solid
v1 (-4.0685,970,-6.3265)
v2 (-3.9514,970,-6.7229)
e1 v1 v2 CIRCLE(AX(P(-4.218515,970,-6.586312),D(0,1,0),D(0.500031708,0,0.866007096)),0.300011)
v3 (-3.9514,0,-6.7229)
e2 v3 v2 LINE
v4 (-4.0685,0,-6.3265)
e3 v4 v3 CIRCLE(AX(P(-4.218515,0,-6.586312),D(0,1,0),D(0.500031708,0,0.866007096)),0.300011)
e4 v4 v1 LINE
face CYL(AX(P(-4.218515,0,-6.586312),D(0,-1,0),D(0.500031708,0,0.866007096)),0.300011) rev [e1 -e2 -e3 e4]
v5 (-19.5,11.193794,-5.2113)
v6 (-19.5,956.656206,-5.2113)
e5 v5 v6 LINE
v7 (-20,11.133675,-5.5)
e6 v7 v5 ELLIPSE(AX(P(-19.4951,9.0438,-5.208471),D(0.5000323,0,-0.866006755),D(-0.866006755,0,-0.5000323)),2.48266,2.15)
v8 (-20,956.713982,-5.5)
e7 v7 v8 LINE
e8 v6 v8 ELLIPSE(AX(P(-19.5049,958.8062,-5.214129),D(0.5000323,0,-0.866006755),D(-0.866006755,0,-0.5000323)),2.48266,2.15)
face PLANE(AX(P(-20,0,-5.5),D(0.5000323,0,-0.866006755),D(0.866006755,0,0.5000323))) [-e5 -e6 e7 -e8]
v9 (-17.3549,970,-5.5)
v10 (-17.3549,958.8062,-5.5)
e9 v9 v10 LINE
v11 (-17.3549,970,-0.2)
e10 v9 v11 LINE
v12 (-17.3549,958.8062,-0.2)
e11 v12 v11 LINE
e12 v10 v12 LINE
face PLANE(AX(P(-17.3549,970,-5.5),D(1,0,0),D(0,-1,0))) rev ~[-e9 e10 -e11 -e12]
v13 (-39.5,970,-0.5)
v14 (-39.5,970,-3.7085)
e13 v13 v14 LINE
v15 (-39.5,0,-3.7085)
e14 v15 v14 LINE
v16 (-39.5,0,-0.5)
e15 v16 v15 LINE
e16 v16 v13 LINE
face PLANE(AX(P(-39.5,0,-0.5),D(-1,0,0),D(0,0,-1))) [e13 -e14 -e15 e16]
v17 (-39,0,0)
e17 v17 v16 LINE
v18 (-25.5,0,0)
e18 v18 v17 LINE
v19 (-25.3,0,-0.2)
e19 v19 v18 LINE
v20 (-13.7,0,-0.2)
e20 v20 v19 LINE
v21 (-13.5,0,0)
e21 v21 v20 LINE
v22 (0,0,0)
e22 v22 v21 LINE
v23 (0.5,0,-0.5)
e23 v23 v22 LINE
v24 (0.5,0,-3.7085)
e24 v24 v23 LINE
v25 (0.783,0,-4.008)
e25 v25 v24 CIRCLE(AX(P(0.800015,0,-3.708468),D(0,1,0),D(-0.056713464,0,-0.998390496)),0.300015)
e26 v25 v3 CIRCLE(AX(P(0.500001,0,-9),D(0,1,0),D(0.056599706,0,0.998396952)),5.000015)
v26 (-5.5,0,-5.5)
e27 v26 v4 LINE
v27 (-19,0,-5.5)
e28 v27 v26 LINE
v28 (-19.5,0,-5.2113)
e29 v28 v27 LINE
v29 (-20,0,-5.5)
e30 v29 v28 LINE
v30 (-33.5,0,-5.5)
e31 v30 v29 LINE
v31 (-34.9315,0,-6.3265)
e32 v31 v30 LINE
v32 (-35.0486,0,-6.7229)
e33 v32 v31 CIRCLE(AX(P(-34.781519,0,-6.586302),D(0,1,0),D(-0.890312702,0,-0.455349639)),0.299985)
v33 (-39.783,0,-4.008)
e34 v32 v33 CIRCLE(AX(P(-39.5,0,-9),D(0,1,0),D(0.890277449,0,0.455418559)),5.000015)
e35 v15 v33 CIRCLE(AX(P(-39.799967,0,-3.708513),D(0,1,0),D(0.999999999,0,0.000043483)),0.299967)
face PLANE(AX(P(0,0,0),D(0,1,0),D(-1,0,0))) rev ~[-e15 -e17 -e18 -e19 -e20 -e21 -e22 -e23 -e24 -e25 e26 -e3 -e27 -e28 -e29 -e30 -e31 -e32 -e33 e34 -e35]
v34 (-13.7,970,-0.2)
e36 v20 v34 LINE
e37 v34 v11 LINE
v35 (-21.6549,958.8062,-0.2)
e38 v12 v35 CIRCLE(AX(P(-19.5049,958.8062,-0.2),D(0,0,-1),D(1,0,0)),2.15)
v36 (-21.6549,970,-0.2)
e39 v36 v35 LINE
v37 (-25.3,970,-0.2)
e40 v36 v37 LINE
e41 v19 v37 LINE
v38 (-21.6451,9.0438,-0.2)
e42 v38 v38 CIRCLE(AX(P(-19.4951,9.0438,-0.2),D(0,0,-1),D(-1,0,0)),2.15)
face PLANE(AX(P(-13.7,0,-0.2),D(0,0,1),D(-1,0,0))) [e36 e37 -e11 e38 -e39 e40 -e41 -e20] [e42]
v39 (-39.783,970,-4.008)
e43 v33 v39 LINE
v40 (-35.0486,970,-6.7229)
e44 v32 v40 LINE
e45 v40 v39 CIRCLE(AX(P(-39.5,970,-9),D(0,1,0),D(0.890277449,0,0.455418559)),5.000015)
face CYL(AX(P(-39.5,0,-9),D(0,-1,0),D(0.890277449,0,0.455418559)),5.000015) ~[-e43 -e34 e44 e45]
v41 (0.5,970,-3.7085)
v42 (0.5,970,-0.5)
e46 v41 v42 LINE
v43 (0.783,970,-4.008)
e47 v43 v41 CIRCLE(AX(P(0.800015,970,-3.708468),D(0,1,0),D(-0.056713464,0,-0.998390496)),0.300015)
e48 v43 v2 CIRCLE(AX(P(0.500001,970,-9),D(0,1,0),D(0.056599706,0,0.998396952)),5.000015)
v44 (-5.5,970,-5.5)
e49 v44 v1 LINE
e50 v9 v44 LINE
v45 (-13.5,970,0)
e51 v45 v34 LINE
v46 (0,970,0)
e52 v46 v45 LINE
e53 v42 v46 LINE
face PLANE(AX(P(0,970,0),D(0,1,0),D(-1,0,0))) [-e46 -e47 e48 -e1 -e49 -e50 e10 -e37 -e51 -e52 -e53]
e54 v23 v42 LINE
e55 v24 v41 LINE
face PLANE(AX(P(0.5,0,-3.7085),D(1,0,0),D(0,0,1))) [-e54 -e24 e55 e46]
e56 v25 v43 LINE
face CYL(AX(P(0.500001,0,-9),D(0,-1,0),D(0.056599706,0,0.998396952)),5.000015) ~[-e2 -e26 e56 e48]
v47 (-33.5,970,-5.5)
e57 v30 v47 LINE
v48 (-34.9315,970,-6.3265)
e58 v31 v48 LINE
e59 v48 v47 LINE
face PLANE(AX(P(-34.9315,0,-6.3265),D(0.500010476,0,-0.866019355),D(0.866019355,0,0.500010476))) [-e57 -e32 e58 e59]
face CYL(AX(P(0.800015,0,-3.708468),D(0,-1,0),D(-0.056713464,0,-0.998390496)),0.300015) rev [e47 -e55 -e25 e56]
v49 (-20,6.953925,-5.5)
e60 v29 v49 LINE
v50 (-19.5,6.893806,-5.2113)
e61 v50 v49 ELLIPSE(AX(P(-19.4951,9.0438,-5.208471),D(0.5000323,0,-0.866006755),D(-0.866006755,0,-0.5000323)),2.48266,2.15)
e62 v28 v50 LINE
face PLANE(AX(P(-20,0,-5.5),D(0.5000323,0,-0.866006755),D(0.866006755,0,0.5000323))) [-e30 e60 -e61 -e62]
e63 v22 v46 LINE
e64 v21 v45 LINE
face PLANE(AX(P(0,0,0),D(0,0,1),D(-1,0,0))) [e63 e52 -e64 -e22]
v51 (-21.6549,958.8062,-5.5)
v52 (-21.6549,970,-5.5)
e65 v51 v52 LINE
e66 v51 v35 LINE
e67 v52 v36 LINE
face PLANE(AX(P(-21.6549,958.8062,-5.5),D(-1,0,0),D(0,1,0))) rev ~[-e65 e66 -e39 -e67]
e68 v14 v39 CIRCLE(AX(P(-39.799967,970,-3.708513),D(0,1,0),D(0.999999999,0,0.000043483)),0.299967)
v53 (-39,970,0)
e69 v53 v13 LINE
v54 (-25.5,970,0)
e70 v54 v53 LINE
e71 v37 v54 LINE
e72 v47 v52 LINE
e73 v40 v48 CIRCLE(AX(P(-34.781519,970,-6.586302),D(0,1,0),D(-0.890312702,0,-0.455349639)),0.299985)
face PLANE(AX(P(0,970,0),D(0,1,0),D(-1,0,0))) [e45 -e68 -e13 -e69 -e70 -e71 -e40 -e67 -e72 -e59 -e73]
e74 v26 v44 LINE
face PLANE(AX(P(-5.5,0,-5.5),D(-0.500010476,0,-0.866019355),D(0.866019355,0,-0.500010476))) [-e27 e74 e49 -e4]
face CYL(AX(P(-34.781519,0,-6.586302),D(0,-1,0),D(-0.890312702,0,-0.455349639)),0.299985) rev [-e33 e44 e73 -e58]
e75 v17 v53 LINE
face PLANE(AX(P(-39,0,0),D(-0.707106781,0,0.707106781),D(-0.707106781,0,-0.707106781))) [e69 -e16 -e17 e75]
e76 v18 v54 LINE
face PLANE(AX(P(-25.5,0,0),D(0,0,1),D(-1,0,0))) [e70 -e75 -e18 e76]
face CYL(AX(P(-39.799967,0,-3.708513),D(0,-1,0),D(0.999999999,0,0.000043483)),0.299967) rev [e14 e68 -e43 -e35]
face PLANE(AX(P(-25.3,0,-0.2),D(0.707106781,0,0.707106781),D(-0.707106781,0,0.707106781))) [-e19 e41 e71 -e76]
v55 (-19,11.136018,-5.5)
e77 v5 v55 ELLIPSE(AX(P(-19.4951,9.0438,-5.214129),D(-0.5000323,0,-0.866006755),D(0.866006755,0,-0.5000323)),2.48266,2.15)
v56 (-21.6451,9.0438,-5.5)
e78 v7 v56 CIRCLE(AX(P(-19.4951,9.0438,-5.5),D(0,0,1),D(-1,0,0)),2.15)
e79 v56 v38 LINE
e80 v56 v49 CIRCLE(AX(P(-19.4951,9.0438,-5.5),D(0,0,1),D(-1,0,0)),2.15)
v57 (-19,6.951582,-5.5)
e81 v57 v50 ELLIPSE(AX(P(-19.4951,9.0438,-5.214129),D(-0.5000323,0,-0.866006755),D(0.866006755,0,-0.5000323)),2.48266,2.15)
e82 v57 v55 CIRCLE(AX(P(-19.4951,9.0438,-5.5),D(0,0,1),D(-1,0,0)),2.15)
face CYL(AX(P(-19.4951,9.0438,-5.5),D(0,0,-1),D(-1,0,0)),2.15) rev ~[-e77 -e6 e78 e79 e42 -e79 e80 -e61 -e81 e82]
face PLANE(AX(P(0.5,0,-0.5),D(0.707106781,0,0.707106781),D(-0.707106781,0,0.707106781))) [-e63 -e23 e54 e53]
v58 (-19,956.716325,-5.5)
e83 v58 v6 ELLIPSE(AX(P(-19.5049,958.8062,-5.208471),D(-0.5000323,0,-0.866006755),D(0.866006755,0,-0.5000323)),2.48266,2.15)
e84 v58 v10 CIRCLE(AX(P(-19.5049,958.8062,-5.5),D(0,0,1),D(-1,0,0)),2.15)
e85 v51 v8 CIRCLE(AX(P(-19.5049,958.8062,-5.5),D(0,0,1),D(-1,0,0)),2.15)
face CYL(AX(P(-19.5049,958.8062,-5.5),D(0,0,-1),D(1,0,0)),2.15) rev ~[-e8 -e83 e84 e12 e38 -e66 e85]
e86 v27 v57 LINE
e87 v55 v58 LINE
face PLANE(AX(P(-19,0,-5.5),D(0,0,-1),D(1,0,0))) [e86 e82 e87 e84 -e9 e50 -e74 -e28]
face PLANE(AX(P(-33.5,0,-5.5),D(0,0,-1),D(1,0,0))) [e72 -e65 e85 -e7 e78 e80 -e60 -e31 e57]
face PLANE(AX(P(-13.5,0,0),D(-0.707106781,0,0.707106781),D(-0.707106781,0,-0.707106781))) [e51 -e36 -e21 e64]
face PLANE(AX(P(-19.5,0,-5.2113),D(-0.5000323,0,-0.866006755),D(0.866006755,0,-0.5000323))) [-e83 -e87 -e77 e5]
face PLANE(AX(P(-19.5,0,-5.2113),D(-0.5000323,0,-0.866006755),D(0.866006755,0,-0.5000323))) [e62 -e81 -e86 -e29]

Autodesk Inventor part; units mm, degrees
ref_plane "YZ Plane" through (0, 0, 0) normal (1, 0, 0) x (0, 1, 0)
ref_plane "XZ Plane" through (0, 0, 0) normal (0, 1, 0) x (-1, 0, 0)
ref_plane "XY Plane" through (0, 0, 0) normal (0, 0, 1) x (1, 0, 0)
sketch "Skizze1" plane through (0, 0, 0) normal (0, 1, 0) x (-1, 0, 0)
  line L0 (13.7, -0.2) -> (25.3, -0.2)
  line L1 (13.5, 0) -> (13.7, -0.2)
  line L2 (0, 0) -> (13.5, 0)
  line L3 (-0.5, -0.5) -> (0, 0)
  line L4 (-0.5, -3.7085) -> (-0.5, -0.5)
  arc A0 (-0.783, -4.008) -> (-0.5, -3.7085) centre (-0.8, -3.7085) ccw
  arc A1 (-0.783, -4.008) -> (3.9514, -6.7229) centre (-0.5, -9) ccw
  arc A2 (4.0685, -6.3265) -> (3.9514, -6.7229) centre (4.2185, -6.5863) ccw
  line L5 (5.5, -5.5) -> (4.0685, -6.3265)
  line L6 (19, -5.5) -> (5.5, -5.5)
  line L7 (19.5, -5.2113) -> (19, -5.5)
  line L8 (20, -5.5) -> (19.5, -5.2113)
  line L9 (33.5, -5.5) -> (20, -5.5)
  line L10 (34.9315, -6.3265) -> (33.5, -5.5)
  arc A3 (35.0486, -6.7229) -> (34.9315, -6.3265) centre (34.7815, -6.5863) ccw
  arc A4 (35.0486, -6.7229) -> (39.783, -4.008) centre (39.5, -9) ccw
  arc A5 (39.5, -3.7085) -> (39.783, -4.008) centre (39.8, -3.7085) ccw
  line L11 (39.5, -0.5) -> (39.5, -3.7085)
  line L12 (39, 0) -> (39.5, -0.5)
  line L13 (25.5, 0) -> (39, 0)
  line L14 (25.3, -0.2) -> (25.5, 0)
  point P0 (19.5, 0)
extrude "Extrusion1" add sketch "Skizze1" along normal blind 970
sketch "Skizze2" plane through (-19, 0, -5.5) normal (0, 0, -1) x (-1, 0, 0)
  circle A0 centre (0.4951, 9.0438) radius 2.15 projected
  circle A1 centre (0.5049, 960.9562) radius 2.15 construction
  line L0 (0.5049, 958.8062) -> (0.5049, 970) construction
  line L1 (0, 0) -> (0, 970) projected
  line L2 (2.6549, 958.8062) -> (2.6549, 970)
  line L3 (-1.6451, 970) -> (-1.6451, 958.8062)
  arc A2 (-1.6451, 958.8062) -> (2.6549, 958.8062) centre (0.5049, 958.8062) ccw
  line L4 (2.6549, 970) -> (-1.6451, 970)
  line L5 (6.3, 970) -> (-5.3, 970) construction
  point P0 (-19, 0)
  point P1 (0.5049, 964.4031)
extrude "Extrusion2" cut sketch "Skizze2" against normal through all
properties part number "WS_10_40_200_2_modify"
